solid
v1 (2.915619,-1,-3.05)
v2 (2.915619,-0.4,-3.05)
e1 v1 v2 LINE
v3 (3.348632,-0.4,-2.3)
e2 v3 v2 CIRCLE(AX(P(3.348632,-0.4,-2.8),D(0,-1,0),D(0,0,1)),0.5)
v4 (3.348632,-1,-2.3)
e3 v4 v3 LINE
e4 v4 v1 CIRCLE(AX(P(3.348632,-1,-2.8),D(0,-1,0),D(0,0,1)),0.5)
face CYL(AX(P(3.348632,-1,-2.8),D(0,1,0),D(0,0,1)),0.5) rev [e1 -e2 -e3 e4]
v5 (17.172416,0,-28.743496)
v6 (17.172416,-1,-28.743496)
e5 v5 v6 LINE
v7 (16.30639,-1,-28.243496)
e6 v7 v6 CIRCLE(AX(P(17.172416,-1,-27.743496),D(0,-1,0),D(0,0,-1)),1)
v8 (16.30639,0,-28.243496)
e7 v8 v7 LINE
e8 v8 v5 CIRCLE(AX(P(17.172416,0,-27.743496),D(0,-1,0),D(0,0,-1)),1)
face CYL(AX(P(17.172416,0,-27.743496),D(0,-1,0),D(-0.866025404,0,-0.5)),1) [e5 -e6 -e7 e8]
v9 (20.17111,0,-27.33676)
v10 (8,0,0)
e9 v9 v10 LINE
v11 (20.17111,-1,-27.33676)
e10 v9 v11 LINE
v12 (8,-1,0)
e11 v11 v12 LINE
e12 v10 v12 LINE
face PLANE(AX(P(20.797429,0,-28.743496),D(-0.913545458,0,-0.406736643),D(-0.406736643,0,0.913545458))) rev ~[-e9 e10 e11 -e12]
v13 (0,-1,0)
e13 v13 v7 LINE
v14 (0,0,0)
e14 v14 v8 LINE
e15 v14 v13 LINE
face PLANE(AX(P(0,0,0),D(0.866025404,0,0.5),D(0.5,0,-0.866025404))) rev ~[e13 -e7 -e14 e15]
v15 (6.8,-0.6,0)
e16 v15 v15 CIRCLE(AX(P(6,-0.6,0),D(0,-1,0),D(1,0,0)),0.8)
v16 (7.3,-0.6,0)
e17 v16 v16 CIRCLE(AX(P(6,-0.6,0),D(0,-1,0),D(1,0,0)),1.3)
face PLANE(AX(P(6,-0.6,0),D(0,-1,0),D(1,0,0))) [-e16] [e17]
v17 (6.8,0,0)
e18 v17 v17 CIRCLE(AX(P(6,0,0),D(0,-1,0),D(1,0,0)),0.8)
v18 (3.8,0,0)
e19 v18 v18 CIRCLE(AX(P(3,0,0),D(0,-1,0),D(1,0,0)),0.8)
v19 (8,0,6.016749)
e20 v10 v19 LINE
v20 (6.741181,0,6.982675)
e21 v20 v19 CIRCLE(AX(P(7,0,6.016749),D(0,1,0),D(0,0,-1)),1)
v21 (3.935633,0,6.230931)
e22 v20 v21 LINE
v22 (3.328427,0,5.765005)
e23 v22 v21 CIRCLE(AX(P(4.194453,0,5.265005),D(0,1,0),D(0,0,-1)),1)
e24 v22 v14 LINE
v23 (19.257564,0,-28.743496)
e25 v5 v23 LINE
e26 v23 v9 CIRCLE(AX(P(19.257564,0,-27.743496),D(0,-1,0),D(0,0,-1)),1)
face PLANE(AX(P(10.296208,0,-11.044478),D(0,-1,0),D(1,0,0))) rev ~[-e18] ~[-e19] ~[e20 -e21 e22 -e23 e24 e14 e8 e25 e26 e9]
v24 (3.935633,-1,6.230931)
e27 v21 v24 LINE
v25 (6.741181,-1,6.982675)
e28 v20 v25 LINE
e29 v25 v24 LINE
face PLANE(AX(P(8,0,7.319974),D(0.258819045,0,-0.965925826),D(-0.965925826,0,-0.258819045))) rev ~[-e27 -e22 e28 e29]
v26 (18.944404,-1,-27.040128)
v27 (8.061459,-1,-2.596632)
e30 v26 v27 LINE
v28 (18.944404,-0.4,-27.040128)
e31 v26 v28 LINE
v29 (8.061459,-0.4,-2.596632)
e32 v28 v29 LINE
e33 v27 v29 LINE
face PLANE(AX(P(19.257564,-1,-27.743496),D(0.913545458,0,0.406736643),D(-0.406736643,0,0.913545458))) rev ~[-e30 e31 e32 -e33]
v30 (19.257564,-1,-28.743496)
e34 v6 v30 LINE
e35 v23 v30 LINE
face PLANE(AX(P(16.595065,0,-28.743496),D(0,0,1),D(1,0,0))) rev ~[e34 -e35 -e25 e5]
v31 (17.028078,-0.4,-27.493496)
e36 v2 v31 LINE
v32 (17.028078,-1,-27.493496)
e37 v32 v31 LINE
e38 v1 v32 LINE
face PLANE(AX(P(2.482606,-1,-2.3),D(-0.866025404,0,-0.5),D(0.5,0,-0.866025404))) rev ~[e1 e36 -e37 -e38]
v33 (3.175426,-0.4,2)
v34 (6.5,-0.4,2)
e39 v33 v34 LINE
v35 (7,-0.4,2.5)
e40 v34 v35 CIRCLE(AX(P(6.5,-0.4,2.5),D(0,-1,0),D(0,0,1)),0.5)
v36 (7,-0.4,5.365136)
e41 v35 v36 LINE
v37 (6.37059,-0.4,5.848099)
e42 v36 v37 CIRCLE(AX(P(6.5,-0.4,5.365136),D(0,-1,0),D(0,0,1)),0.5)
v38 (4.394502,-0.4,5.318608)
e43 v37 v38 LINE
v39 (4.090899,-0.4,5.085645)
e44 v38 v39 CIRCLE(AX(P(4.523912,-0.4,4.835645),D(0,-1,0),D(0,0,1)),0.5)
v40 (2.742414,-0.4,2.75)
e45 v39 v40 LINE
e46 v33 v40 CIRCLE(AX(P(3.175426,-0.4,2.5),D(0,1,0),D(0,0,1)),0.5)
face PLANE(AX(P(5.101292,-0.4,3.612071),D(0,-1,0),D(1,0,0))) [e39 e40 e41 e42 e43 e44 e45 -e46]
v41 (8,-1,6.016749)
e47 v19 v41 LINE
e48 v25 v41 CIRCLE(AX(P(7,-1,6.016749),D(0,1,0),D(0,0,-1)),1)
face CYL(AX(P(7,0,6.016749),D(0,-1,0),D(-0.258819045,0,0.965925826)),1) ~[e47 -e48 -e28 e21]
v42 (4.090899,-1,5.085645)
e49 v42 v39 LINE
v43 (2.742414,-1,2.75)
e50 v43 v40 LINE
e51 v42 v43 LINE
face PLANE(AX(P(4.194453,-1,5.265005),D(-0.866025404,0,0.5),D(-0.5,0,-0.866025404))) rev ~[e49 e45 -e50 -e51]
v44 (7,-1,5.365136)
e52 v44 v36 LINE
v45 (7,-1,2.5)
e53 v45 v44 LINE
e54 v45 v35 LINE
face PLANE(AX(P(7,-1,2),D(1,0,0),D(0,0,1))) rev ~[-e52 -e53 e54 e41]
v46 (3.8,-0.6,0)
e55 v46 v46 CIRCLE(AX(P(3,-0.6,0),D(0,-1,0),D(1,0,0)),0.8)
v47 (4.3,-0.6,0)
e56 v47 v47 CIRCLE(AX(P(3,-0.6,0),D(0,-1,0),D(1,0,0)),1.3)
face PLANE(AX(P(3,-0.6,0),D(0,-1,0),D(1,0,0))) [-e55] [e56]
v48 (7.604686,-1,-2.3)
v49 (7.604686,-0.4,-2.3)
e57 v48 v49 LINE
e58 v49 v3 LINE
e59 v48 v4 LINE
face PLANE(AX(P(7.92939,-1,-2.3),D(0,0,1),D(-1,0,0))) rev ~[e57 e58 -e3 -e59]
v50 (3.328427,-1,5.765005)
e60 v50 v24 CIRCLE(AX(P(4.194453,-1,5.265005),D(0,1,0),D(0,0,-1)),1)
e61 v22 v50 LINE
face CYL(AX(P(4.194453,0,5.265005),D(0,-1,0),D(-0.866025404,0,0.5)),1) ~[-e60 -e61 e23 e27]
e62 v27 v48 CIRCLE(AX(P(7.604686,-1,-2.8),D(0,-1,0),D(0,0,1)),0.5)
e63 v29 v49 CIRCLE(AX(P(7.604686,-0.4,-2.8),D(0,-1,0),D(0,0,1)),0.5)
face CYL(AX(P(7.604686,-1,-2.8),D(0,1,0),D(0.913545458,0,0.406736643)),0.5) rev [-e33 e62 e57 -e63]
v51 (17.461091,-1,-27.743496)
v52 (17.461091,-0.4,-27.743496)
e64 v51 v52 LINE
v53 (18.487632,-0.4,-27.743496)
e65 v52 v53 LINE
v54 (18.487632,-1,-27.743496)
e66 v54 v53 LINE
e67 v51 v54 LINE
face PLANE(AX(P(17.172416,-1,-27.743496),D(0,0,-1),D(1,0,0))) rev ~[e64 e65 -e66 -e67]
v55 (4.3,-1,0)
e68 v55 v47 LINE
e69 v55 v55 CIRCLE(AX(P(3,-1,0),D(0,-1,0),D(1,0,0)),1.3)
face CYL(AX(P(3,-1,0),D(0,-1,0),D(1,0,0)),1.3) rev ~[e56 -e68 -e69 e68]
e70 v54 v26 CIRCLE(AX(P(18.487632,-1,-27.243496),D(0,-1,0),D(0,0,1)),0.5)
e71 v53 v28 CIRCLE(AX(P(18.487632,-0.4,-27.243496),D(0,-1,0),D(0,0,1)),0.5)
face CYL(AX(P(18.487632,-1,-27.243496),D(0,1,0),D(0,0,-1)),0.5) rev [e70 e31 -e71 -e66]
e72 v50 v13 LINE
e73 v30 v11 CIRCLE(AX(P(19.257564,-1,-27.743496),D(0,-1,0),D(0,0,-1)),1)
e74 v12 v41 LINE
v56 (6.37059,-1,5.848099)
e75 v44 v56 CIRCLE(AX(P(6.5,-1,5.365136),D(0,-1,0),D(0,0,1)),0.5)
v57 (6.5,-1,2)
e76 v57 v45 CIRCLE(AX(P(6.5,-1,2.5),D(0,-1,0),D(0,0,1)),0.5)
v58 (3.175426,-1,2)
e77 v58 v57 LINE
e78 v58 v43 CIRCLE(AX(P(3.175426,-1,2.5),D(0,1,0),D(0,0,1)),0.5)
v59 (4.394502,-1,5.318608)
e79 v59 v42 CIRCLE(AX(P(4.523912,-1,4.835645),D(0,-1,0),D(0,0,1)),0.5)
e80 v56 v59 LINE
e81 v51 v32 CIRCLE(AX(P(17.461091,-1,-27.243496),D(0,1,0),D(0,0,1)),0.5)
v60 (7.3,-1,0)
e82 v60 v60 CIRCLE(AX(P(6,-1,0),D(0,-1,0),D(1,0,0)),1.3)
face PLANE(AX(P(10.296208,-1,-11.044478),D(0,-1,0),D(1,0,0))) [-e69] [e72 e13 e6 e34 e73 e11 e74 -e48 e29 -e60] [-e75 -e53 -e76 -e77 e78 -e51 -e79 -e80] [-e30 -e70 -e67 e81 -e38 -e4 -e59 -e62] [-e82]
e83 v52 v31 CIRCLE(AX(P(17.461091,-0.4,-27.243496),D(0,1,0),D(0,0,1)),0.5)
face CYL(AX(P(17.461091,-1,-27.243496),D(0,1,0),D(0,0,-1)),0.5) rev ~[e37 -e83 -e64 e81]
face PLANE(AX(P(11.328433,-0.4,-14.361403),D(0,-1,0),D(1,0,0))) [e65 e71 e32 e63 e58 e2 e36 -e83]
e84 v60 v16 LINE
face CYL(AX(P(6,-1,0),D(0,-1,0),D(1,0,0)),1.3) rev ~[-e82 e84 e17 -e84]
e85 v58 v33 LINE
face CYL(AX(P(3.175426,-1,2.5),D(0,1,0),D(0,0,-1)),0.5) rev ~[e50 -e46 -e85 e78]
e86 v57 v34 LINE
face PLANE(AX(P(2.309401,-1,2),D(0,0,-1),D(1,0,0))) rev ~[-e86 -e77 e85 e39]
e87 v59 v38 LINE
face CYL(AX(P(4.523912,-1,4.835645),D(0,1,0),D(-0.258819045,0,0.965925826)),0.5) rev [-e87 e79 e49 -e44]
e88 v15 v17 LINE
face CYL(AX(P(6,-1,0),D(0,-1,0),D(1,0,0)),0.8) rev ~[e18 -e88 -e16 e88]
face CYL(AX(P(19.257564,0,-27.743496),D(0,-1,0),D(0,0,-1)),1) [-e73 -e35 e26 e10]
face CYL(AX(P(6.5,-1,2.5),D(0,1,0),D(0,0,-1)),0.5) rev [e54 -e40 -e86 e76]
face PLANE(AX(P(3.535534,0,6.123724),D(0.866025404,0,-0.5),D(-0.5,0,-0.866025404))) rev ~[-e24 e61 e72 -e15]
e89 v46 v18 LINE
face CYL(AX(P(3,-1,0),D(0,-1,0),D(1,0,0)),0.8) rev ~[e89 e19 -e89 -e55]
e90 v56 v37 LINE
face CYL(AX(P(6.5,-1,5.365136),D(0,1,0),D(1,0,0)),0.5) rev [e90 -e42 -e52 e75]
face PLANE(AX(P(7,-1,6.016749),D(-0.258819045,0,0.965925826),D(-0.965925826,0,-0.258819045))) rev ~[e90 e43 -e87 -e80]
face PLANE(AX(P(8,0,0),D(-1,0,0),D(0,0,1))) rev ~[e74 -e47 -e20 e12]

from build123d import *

# Parameters (mm, degrees)
F1_DEPTH      = 1
F2_R          = 0.8
F3_DEPTH      = 25
F3_DEPTH_BACK = 25
F5_START      = -1.001
F5_DEPTH      = 23.999
F6_R          = 1
F8_DEPTH      = 0.6
F9_R          = 0.5
F10_R         = 1.3
F11_DEPTH     = 0.4


with BuildPart() as f1:
    # F0 (on Front) → F1 (new body)
    with BuildSketch(Plane.XZ):
        Polygon((3.5355339059, 6.123724357), (0, 0), (16.5950652481, -28.7434961647), (20.7974290086, -28.7434961647), (8, 0), (8, 7.3199744415), align=None)
    extrude(amount=F1_DEPTH)

    # F2 (on face) → F3 (cut, two sides)
    with BuildSketch(Plane.XZ.offset(1)) as f3_sk:
        with Locations((3, 0)):
            Circle(F2_R)
        with Locations((6, 0)):
            Circle(F2_R)
    extrude(amount=-F3_DEPTH, mode=Mode.SUBTRACT)
    extrude(f3_sk.sketch, amount=F3_DEPTH_BACK, mode=Mode.SUBTRACT)

    # F4 (on face) → F5 (cut)
    with BuildSketch(Plane.XZ.offset(1).offset(F5_START)):
        Polygon((8, -3.5337661579), (3.9760127691, -3.5337661579), (16.3063901135, -26.2434961647), (18.5897210168, -26.2434961647), align=None)
    extrude(amount=-F5_DEPTH, mode=Mode.SUBTRACT)

    # F6
    f6_edges = [f1.edges().sort_by_distance(p)[0] for p in [
        (16.595065, -0.5, -28.743496),
        (20.797429, -0.5, -28.743496),
        (3.535534, -0.5, 6.123724),
        (8, -0.5, 7.319974),
    ]]
    fillet(f6_edges, radius=F6_R)

    # F7 (on face) → F8 (cut)
    with BuildSketch(Plane.XZ.offset(1)):
        Polygon((2.3094010768, 2), (7, 2), (7, 6.0167490687), (4.1944525285, 5.2650048894), align=None)
        Polygon((17.1724155173, -27.7434961647), (19.2575640448, -27.7434961647), (7.9293896977, -2.3), (2.4826061575, -2.3), align=None)
    extrude(amount=-F8_DEPTH, mode=Mode.SUBTRACT)

    # F9
    f9_edges = [f1.edges().sort_by_distance(p)[0] for p in [
        (2.309401, -0.7, 2),
        (7, -0.7, 2),
        (7, -0.7, 6.016749),
        (4.194453, -0.7, 5.265005),
        (7.92939, -0.7, -2.3),
        (2.482606, -0.7, -2.3),
        (19.257564, -0.7, -27.743496),
        (17.172416, -0.7, -27.743496),
    ]]
    fillet(f9_edges, radius=F9_R)

    # F10 (on face) → F11 (cut)
    with BuildSketch(Plane.XZ.offset(1)):
        with Locations((3, 0)):
            Circle(F10_R)
        with Locations((6, 0)):
            Circle(F10_R)
    extrude(amount=-F11_DEPTH, mode=Mode.SUBTRACT)


solid = f1.part
